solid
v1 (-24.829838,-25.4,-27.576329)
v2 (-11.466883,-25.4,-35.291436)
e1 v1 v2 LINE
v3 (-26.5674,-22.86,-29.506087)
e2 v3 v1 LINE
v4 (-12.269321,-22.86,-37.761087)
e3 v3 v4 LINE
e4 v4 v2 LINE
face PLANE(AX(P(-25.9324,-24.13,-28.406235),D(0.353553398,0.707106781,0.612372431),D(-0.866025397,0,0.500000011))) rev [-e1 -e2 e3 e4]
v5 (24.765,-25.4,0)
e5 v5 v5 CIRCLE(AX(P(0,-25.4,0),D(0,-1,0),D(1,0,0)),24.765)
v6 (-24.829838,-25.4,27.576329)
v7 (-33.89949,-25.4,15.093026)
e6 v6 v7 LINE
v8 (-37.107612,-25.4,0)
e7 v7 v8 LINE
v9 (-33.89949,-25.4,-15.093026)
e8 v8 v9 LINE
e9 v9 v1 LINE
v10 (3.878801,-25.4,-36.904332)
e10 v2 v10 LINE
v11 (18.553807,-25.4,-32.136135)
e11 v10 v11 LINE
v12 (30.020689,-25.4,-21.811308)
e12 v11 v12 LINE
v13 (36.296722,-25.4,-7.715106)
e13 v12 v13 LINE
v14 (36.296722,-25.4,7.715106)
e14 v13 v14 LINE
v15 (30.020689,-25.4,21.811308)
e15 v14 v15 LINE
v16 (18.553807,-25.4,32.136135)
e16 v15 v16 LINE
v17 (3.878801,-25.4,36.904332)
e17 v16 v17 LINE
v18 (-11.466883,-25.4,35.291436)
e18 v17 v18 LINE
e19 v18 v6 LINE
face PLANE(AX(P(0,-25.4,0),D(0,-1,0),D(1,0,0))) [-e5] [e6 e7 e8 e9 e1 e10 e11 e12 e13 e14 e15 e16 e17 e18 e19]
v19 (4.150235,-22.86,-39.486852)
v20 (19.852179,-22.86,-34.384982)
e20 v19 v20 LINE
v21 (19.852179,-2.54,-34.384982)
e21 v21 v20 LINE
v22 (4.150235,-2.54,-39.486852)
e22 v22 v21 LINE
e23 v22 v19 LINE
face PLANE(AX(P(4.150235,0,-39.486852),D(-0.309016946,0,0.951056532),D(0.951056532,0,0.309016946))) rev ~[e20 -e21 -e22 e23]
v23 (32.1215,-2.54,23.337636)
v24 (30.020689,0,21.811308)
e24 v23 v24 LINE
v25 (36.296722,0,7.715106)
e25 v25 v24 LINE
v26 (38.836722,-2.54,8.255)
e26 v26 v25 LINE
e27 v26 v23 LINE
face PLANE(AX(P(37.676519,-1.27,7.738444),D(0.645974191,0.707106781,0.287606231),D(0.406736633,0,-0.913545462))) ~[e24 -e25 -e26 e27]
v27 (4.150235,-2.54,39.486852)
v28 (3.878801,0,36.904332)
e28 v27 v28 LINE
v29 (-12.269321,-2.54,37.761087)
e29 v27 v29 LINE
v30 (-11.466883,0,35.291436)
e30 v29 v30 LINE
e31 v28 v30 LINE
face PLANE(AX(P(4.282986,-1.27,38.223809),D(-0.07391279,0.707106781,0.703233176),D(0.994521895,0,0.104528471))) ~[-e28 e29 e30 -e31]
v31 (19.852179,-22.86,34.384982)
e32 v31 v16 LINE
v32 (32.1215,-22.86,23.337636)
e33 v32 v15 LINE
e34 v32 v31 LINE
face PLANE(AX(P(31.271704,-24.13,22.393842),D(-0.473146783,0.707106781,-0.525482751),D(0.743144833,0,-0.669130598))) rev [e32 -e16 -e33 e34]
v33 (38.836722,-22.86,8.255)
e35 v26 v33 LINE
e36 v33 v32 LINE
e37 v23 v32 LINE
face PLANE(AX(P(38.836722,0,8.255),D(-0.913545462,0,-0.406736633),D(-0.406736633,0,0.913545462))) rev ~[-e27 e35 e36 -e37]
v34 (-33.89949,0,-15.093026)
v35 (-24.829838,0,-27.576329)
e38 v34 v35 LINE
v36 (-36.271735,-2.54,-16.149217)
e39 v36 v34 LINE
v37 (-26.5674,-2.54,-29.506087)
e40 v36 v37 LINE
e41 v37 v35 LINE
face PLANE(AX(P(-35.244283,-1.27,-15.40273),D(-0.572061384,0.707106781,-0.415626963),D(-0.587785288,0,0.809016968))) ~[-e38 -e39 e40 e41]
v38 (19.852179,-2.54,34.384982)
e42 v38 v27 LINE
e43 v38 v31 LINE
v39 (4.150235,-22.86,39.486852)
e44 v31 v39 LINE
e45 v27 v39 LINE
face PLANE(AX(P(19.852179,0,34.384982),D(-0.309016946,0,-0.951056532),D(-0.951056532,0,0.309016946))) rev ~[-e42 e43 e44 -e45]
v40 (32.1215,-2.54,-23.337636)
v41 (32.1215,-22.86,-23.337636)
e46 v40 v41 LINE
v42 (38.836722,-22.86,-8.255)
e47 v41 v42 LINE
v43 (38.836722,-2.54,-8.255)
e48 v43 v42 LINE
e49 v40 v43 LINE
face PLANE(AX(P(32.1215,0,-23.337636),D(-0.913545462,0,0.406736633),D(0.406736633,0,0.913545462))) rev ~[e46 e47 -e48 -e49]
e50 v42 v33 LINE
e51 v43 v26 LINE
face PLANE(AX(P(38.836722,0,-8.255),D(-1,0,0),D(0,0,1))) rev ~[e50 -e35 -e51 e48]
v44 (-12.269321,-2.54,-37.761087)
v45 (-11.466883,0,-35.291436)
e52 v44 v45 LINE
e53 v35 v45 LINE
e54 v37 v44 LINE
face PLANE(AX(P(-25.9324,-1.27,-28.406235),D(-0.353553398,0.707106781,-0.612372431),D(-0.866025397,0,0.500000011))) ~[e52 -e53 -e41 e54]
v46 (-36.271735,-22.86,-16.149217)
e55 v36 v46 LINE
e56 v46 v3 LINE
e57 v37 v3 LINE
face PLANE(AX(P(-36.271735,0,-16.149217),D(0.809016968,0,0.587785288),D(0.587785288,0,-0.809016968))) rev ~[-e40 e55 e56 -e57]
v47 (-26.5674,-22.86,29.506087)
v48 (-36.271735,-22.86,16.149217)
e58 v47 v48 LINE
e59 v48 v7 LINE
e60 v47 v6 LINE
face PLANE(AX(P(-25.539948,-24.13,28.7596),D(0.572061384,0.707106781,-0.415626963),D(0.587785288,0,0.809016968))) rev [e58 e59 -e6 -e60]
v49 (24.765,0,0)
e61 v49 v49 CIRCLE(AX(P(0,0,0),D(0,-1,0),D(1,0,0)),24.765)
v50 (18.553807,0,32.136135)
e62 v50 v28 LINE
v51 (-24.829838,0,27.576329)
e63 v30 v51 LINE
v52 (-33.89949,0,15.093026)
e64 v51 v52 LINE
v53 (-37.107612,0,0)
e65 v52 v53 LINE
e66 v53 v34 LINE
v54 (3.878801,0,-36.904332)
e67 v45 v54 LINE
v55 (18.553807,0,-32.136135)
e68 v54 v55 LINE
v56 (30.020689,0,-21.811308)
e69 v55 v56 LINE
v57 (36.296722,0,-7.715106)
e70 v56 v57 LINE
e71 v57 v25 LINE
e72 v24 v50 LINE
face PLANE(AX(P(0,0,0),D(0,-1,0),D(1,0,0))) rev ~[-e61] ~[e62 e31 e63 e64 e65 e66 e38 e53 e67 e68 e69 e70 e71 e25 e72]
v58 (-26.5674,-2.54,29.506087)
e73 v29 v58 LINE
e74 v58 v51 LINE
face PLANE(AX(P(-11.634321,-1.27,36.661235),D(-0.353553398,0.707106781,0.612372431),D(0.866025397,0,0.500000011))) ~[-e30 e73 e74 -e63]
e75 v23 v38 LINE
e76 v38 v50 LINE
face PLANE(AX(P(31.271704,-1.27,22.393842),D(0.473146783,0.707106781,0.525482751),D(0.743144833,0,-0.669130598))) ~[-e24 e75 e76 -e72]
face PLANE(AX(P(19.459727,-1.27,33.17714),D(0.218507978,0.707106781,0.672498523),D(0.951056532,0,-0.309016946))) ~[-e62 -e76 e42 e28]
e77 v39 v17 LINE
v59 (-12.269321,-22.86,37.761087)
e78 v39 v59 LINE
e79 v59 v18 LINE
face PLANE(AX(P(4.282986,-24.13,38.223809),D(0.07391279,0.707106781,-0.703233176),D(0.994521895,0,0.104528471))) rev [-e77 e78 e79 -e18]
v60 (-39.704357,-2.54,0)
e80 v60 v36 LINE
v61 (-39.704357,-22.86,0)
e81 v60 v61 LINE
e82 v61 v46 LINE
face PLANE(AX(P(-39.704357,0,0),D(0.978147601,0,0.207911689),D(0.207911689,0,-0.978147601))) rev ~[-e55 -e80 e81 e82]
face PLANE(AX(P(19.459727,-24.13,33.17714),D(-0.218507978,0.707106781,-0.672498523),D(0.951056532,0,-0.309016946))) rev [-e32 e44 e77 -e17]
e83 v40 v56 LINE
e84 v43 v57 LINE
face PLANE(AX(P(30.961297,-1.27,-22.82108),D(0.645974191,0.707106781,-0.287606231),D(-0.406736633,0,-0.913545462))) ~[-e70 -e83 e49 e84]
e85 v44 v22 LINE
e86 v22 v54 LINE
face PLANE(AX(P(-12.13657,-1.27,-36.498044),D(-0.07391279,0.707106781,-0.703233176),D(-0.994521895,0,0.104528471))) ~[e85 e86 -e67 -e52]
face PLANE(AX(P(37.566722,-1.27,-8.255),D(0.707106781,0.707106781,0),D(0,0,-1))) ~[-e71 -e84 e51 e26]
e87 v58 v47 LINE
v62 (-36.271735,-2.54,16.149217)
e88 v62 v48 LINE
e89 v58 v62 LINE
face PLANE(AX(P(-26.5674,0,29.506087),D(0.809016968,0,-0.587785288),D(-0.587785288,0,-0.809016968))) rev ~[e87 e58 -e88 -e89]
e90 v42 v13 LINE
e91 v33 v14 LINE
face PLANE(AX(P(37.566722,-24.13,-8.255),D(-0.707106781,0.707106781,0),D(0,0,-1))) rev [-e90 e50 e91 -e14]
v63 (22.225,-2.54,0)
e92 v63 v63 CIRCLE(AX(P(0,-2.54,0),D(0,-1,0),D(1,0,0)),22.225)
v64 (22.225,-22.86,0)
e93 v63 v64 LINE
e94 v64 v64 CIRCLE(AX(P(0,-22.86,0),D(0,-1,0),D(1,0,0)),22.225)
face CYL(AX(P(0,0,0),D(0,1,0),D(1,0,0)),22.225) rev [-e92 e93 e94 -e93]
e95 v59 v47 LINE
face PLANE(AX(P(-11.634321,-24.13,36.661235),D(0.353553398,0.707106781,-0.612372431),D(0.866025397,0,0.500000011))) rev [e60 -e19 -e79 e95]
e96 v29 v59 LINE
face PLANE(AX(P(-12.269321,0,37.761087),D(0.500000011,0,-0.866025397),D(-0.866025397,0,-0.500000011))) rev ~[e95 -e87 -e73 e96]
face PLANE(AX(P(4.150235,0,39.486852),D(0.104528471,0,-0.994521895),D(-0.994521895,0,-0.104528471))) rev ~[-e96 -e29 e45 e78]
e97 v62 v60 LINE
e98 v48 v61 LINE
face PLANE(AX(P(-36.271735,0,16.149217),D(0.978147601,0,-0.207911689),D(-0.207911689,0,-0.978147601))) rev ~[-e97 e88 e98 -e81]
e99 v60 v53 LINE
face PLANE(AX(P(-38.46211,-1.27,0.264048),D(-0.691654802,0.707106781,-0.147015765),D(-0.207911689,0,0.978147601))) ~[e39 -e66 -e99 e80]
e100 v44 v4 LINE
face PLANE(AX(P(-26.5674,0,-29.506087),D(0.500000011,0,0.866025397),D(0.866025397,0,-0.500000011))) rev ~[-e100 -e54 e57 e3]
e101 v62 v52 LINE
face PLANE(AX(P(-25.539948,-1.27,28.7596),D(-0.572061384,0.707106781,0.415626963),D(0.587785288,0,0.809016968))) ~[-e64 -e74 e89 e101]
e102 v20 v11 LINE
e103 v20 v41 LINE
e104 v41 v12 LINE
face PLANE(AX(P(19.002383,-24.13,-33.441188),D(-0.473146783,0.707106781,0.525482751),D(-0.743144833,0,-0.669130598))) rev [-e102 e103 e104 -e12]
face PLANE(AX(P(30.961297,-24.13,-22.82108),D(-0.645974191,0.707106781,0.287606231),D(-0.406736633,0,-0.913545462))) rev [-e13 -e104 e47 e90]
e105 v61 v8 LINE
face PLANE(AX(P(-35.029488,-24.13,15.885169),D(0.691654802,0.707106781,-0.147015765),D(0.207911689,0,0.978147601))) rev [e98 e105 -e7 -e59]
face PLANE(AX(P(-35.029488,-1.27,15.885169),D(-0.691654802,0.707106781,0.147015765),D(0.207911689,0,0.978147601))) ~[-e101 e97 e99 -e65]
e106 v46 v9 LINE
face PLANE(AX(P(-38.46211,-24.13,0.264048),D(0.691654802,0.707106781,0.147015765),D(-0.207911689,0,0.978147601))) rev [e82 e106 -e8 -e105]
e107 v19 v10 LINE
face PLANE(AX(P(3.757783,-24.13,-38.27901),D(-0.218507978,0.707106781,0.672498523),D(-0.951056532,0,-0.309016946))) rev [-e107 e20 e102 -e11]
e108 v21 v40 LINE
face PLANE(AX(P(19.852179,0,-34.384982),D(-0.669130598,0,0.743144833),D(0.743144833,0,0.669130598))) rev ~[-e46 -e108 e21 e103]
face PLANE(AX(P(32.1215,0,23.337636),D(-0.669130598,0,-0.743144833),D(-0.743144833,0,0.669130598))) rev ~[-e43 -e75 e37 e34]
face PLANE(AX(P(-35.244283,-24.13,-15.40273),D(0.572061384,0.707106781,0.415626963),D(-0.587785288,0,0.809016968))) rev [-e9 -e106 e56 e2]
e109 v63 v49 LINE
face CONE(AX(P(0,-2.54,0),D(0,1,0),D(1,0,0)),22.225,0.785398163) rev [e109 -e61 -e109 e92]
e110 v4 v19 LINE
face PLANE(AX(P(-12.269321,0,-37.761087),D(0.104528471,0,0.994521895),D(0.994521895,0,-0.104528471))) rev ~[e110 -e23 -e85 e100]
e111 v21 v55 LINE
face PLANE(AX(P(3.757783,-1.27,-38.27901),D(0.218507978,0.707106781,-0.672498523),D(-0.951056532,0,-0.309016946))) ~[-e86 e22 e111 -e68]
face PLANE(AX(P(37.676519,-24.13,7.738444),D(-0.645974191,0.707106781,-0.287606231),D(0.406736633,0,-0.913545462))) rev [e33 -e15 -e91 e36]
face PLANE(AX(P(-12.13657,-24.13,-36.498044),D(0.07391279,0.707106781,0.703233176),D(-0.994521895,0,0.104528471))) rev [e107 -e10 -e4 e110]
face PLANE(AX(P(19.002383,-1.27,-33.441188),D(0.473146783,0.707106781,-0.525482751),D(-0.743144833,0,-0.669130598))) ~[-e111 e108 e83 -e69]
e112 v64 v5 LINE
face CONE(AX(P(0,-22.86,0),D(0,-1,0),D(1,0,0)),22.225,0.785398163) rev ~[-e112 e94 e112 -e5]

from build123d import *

# Parameters (mm, degrees)
F0_R     = 22.225
F1_DEPTH = 25.4
F2_SIZE  = 2.54


with BuildPart() as f1:
    # F0 (on Front) → F1 (new body)
    with BuildSketch(Plane.XZ):
        Polygon((-36.271735, 16.149217), (-39.704357, 0), (-36.271735, -16.149217), (-26.5674, -29.506087), (-12.269321, -37.761087), (4.150235, -39.486852), (19.852179, -34.384982), (32.1215, -23.337636), (38.836722, -8.255), (38.836722, 8.255), (32.1215, 23.337636), (19.852179, 34.384982), (4.150235, 39.486852), (-12.269321, 37.761087), (-26.5674, 29.506087), align=None)
        Circle(F0_R, mode=Mode.SUBTRACT)
    extrude(amount=F1_DEPTH)

    # F2
    f2_edges = [f1.edges().sort_by_distance(p)[0] for p in [
        (35.479111, -25.4, -15.796318),
        (38.836722, -25.4, 0),
        (35.479111, -25.4, 15.796318),
        (25.986839, -25.4, 28.861309),
        (12.001207, -25.4, 36.935917),
        (-4.059543, -25.4, 38.62397),
        (-19.418361, -25.4, 33.633587),
        (-31.419568, -25.4, 22.827652),
        (-37.988046, -25.4, 8.074608),
        (-37.988046, -25.4, -8.074608),
        (-31.419568, -25.4, -22.827652),
        (-19.418361, -25.4, -33.633587),
        (-4.059543, -25.4, -38.62397),
        (12.001207, -25.4, -36.935917),
        (25.986839, -25.4, -28.861309),
        (-22.225, -25.4, 0),
        (35.479111, 0, -15.796318),
        (38.836722, 0, 0),
        (35.479111, 0, 15.796318),
        (25.986839, 0, 28.861309),
        (12.001207, 0, 36.935917),
        (-4.059543, 0, 38.62397),
        (-19.418361, 0, 33.633587),
        (-31.419568, 0, 22.827652),
        (-37.988046, 0, 8.074608),
        (-37.988046, 0, -8.074608),
        (-31.419568, 0, -22.827652),
        (-19.418361, 0, -33.633587),
        (-4.059543, 0, -38.62397),
        (12.001207, 0, -36.935917),
        (25.986839, 0, -28.861309),
        (-22.225, 0, 0),
    ]]
    chamfer(f2_edges, length=F2_SIZE)


solid = f1.part
